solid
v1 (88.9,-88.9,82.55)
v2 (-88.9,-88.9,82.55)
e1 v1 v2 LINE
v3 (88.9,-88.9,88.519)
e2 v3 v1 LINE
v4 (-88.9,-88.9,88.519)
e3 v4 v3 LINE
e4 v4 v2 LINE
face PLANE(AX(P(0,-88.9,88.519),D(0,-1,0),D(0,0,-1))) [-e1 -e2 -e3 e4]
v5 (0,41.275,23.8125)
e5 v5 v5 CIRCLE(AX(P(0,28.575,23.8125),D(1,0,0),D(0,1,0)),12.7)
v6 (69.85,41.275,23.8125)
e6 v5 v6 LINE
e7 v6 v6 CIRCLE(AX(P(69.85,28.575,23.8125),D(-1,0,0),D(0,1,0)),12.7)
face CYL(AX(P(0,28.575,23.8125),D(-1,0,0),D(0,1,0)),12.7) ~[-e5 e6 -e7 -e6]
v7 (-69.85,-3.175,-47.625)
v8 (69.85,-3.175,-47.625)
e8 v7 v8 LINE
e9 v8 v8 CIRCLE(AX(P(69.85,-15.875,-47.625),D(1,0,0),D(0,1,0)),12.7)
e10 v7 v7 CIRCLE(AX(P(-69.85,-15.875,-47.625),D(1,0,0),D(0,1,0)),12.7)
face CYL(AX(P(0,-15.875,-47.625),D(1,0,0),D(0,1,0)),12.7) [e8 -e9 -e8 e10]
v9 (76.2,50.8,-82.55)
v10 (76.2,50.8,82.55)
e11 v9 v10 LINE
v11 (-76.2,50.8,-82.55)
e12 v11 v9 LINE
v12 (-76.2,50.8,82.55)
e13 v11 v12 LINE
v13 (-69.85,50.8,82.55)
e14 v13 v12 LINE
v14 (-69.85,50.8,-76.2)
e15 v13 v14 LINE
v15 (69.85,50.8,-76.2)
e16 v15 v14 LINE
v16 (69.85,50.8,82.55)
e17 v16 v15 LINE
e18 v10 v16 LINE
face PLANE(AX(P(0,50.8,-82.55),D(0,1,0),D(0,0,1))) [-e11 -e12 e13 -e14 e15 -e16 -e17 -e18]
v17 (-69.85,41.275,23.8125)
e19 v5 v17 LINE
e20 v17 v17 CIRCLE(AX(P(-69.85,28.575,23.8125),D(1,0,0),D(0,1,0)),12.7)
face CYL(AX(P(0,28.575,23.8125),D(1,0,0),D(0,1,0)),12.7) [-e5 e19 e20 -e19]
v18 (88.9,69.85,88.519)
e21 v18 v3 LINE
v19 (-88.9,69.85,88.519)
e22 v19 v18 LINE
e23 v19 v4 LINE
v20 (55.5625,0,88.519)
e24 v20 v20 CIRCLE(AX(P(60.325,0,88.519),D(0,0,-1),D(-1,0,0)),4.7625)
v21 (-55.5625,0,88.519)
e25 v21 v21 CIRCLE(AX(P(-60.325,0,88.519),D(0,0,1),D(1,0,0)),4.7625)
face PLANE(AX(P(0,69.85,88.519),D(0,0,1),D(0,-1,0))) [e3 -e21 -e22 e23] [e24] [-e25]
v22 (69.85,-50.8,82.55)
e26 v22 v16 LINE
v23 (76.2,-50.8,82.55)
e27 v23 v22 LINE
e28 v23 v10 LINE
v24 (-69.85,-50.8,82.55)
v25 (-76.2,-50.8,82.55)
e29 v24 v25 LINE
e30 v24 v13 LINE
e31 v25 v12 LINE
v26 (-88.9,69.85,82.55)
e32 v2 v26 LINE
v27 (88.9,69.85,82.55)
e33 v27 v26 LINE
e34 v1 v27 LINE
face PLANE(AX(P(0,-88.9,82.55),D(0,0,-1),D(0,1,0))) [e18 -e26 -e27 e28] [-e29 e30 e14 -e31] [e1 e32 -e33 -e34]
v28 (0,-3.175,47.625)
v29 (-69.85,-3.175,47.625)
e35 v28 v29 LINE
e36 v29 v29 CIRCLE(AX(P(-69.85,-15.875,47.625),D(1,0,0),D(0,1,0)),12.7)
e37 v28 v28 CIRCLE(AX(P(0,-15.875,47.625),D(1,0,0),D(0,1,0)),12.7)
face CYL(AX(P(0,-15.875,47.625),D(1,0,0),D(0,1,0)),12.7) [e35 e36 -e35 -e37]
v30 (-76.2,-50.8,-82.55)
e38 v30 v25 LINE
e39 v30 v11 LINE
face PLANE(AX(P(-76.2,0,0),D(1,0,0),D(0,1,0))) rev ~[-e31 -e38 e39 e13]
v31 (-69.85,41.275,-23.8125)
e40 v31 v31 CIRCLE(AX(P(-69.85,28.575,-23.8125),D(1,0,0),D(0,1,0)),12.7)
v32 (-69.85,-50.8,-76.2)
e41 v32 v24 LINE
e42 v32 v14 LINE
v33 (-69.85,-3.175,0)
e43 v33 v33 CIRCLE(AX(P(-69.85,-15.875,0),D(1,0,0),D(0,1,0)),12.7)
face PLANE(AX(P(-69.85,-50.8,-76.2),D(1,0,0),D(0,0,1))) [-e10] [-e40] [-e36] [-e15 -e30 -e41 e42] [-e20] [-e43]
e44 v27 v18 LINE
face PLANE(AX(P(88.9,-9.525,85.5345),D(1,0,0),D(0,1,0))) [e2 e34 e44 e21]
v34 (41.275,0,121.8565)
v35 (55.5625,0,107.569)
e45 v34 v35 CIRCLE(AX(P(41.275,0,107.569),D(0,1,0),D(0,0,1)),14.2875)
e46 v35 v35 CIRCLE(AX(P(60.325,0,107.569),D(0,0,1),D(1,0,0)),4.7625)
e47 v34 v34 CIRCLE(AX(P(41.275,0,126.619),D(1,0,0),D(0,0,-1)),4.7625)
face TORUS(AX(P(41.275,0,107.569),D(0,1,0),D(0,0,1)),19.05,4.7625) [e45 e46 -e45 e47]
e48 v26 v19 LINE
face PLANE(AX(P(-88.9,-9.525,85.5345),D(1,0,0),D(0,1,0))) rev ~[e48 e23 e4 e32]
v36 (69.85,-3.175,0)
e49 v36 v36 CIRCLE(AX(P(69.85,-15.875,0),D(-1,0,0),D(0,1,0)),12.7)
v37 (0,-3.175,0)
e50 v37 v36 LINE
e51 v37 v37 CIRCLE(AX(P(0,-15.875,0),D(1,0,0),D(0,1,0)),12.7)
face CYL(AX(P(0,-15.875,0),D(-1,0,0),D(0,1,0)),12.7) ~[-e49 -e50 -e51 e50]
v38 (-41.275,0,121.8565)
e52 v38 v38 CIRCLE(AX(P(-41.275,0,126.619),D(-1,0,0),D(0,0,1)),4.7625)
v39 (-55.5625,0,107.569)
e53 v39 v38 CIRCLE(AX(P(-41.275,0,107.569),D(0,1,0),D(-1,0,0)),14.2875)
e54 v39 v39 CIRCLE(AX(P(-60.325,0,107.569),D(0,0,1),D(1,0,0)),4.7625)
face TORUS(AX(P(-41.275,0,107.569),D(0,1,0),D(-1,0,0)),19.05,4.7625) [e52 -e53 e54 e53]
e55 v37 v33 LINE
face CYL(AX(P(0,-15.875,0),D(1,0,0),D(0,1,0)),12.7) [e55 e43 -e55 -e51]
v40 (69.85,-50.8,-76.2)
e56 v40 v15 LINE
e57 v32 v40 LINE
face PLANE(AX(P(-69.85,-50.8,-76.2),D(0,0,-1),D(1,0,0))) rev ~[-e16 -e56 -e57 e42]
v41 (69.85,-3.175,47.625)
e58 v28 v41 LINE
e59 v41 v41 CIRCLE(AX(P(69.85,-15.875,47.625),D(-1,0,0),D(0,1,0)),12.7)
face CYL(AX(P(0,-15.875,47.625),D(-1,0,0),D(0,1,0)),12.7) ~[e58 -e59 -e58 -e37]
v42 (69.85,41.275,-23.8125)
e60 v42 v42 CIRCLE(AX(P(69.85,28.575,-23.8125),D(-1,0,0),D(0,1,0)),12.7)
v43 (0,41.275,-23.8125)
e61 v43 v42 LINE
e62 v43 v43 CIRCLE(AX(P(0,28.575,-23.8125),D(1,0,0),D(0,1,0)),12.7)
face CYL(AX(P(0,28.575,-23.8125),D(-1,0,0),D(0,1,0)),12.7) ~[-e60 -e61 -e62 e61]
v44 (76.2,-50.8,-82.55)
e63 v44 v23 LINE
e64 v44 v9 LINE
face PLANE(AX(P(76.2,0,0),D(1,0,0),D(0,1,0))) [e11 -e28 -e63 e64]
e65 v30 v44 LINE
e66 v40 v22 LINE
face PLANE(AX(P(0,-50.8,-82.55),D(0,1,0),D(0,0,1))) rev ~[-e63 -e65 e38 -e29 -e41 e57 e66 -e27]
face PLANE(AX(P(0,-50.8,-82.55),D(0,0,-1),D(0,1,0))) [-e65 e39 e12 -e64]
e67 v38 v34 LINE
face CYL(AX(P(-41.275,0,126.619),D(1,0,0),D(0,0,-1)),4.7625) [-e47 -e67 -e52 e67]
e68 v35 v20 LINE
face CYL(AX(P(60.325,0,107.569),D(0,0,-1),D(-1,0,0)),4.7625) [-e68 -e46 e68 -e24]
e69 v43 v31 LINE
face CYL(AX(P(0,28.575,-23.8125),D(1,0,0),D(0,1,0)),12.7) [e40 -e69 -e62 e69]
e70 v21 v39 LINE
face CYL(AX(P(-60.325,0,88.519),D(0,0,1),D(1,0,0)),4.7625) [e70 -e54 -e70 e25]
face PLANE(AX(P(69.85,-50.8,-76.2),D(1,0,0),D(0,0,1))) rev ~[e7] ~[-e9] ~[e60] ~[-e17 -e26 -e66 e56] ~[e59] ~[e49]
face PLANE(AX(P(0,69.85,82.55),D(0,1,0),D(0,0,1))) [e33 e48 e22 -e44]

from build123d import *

# Parameters (mm, degrees)
F0_W     = 101.6
F0_H     = 165.1
F0_R     = 15.875
F1_DEPTH = 76.2
F2_W     = 139.7
F2_H     = 158.75
F3_DEPTH = 101.601
F4_R     = 12.7
F5_DEPTH = 73.025
F7_DEPTH = 88.9
F8_R     = 4.7625


with BuildPart() as f1:
    # F0 (on Right) → F1 (new body, symmetric)
    with BuildSketch(Plane.YZ):
        Rectangle(F0_W, F0_H)
        with Locations((-25.4, -57.15)):
            Circle(F0_R, mode=Mode.SUBTRACT)
        with Locations((-25.4, 0)):
            Circle(F0_R, mode=Mode.SUBTRACT)
        with Locations((25.4, -28.575)):
            Circle(F0_R, mode=Mode.SUBTRACT)
        with Locations((-25.4, 57.15)):
            Circle(F0_R, mode=Mode.SUBTRACT)
        with Locations((25.4, 28.575)):
            Circle(F0_R, mode=Mode.SUBTRACT)
        with Locations((-25.4, 57.15)):
            Circle(F0_R)
        with Locations((25.4, 28.575)):
            Circle(F0_R)
        with Locations((-25.4, 0)):
            Circle(F0_R)
        with Locations((25.4, -28.575)):
            Circle(F0_R)
        with Locations((-25.4, -57.15)):
            Circle(F0_R)
    extrude(amount=F1_DEPTH, both=True)

    # F2 (on face) → F3 (cut, through all)
    with BuildSketch(Plane.XZ.offset(50.8)):
        with Locations((0, 3.175)):
            Rectangle(F2_W, F2_H)
    extrude(amount=-F3_DEPTH, mode=Mode.SUBTRACT)

    # F4 (on Right) → F5 (join, symmetric)
    with BuildSketch(Plane.YZ):
        with Locations((-15.875, 47.625)):
            Circle(F4_R)
        with Locations((28.575, 23.8125)):
            Circle(F4_R)
        with Locations((-15.875, 0)):
            Circle(F4_R)
        with Locations((28.575, -23.8125)):
            Circle(F4_R)
        with Locations((-15.875, -47.625)):
            Circle(F4_R)
    extrude(amount=F5_DEPTH, both=True)

    # F6 (on Right) → F7 (join, symmetric)
    with BuildSketch(Plane.YZ):
        Polygon((-50.8, 82.55), (50.8, 82.55), (69.85, 82.55), (69.85, 88.519), (-88.9, 88.519), (-88.9, 82.55), align=None)
    extrude(amount=F7_DEPTH, both=True)

    # F10: sweep along a path in F9
    with BuildLine(Plane.XZ) as f10_path:
        Line((-60.325, 88.519), (-60.325, 107.569))
        ThreePointArc((-60.325, 107.569), (-54.7453841816, 121.0393841816), (-41.275, 126.619))
        Line((-41.275, 126.619), (41.275, 126.619))
        ThreePointArc((41.275, 126.619), (54.7453841816, 121.0393841816), (60.325, 107.569))
        Line((60.325, 107.569), (60.325, 88.519))
    # F8 (on face) → F10 (sweep)
    with BuildSketch(Plane.XY.offset(88.519)):
        with Locations((-60.325, 0)):
            Circle(F8_R)
    sweep(path=f10_path.line)


solid = f1.part
